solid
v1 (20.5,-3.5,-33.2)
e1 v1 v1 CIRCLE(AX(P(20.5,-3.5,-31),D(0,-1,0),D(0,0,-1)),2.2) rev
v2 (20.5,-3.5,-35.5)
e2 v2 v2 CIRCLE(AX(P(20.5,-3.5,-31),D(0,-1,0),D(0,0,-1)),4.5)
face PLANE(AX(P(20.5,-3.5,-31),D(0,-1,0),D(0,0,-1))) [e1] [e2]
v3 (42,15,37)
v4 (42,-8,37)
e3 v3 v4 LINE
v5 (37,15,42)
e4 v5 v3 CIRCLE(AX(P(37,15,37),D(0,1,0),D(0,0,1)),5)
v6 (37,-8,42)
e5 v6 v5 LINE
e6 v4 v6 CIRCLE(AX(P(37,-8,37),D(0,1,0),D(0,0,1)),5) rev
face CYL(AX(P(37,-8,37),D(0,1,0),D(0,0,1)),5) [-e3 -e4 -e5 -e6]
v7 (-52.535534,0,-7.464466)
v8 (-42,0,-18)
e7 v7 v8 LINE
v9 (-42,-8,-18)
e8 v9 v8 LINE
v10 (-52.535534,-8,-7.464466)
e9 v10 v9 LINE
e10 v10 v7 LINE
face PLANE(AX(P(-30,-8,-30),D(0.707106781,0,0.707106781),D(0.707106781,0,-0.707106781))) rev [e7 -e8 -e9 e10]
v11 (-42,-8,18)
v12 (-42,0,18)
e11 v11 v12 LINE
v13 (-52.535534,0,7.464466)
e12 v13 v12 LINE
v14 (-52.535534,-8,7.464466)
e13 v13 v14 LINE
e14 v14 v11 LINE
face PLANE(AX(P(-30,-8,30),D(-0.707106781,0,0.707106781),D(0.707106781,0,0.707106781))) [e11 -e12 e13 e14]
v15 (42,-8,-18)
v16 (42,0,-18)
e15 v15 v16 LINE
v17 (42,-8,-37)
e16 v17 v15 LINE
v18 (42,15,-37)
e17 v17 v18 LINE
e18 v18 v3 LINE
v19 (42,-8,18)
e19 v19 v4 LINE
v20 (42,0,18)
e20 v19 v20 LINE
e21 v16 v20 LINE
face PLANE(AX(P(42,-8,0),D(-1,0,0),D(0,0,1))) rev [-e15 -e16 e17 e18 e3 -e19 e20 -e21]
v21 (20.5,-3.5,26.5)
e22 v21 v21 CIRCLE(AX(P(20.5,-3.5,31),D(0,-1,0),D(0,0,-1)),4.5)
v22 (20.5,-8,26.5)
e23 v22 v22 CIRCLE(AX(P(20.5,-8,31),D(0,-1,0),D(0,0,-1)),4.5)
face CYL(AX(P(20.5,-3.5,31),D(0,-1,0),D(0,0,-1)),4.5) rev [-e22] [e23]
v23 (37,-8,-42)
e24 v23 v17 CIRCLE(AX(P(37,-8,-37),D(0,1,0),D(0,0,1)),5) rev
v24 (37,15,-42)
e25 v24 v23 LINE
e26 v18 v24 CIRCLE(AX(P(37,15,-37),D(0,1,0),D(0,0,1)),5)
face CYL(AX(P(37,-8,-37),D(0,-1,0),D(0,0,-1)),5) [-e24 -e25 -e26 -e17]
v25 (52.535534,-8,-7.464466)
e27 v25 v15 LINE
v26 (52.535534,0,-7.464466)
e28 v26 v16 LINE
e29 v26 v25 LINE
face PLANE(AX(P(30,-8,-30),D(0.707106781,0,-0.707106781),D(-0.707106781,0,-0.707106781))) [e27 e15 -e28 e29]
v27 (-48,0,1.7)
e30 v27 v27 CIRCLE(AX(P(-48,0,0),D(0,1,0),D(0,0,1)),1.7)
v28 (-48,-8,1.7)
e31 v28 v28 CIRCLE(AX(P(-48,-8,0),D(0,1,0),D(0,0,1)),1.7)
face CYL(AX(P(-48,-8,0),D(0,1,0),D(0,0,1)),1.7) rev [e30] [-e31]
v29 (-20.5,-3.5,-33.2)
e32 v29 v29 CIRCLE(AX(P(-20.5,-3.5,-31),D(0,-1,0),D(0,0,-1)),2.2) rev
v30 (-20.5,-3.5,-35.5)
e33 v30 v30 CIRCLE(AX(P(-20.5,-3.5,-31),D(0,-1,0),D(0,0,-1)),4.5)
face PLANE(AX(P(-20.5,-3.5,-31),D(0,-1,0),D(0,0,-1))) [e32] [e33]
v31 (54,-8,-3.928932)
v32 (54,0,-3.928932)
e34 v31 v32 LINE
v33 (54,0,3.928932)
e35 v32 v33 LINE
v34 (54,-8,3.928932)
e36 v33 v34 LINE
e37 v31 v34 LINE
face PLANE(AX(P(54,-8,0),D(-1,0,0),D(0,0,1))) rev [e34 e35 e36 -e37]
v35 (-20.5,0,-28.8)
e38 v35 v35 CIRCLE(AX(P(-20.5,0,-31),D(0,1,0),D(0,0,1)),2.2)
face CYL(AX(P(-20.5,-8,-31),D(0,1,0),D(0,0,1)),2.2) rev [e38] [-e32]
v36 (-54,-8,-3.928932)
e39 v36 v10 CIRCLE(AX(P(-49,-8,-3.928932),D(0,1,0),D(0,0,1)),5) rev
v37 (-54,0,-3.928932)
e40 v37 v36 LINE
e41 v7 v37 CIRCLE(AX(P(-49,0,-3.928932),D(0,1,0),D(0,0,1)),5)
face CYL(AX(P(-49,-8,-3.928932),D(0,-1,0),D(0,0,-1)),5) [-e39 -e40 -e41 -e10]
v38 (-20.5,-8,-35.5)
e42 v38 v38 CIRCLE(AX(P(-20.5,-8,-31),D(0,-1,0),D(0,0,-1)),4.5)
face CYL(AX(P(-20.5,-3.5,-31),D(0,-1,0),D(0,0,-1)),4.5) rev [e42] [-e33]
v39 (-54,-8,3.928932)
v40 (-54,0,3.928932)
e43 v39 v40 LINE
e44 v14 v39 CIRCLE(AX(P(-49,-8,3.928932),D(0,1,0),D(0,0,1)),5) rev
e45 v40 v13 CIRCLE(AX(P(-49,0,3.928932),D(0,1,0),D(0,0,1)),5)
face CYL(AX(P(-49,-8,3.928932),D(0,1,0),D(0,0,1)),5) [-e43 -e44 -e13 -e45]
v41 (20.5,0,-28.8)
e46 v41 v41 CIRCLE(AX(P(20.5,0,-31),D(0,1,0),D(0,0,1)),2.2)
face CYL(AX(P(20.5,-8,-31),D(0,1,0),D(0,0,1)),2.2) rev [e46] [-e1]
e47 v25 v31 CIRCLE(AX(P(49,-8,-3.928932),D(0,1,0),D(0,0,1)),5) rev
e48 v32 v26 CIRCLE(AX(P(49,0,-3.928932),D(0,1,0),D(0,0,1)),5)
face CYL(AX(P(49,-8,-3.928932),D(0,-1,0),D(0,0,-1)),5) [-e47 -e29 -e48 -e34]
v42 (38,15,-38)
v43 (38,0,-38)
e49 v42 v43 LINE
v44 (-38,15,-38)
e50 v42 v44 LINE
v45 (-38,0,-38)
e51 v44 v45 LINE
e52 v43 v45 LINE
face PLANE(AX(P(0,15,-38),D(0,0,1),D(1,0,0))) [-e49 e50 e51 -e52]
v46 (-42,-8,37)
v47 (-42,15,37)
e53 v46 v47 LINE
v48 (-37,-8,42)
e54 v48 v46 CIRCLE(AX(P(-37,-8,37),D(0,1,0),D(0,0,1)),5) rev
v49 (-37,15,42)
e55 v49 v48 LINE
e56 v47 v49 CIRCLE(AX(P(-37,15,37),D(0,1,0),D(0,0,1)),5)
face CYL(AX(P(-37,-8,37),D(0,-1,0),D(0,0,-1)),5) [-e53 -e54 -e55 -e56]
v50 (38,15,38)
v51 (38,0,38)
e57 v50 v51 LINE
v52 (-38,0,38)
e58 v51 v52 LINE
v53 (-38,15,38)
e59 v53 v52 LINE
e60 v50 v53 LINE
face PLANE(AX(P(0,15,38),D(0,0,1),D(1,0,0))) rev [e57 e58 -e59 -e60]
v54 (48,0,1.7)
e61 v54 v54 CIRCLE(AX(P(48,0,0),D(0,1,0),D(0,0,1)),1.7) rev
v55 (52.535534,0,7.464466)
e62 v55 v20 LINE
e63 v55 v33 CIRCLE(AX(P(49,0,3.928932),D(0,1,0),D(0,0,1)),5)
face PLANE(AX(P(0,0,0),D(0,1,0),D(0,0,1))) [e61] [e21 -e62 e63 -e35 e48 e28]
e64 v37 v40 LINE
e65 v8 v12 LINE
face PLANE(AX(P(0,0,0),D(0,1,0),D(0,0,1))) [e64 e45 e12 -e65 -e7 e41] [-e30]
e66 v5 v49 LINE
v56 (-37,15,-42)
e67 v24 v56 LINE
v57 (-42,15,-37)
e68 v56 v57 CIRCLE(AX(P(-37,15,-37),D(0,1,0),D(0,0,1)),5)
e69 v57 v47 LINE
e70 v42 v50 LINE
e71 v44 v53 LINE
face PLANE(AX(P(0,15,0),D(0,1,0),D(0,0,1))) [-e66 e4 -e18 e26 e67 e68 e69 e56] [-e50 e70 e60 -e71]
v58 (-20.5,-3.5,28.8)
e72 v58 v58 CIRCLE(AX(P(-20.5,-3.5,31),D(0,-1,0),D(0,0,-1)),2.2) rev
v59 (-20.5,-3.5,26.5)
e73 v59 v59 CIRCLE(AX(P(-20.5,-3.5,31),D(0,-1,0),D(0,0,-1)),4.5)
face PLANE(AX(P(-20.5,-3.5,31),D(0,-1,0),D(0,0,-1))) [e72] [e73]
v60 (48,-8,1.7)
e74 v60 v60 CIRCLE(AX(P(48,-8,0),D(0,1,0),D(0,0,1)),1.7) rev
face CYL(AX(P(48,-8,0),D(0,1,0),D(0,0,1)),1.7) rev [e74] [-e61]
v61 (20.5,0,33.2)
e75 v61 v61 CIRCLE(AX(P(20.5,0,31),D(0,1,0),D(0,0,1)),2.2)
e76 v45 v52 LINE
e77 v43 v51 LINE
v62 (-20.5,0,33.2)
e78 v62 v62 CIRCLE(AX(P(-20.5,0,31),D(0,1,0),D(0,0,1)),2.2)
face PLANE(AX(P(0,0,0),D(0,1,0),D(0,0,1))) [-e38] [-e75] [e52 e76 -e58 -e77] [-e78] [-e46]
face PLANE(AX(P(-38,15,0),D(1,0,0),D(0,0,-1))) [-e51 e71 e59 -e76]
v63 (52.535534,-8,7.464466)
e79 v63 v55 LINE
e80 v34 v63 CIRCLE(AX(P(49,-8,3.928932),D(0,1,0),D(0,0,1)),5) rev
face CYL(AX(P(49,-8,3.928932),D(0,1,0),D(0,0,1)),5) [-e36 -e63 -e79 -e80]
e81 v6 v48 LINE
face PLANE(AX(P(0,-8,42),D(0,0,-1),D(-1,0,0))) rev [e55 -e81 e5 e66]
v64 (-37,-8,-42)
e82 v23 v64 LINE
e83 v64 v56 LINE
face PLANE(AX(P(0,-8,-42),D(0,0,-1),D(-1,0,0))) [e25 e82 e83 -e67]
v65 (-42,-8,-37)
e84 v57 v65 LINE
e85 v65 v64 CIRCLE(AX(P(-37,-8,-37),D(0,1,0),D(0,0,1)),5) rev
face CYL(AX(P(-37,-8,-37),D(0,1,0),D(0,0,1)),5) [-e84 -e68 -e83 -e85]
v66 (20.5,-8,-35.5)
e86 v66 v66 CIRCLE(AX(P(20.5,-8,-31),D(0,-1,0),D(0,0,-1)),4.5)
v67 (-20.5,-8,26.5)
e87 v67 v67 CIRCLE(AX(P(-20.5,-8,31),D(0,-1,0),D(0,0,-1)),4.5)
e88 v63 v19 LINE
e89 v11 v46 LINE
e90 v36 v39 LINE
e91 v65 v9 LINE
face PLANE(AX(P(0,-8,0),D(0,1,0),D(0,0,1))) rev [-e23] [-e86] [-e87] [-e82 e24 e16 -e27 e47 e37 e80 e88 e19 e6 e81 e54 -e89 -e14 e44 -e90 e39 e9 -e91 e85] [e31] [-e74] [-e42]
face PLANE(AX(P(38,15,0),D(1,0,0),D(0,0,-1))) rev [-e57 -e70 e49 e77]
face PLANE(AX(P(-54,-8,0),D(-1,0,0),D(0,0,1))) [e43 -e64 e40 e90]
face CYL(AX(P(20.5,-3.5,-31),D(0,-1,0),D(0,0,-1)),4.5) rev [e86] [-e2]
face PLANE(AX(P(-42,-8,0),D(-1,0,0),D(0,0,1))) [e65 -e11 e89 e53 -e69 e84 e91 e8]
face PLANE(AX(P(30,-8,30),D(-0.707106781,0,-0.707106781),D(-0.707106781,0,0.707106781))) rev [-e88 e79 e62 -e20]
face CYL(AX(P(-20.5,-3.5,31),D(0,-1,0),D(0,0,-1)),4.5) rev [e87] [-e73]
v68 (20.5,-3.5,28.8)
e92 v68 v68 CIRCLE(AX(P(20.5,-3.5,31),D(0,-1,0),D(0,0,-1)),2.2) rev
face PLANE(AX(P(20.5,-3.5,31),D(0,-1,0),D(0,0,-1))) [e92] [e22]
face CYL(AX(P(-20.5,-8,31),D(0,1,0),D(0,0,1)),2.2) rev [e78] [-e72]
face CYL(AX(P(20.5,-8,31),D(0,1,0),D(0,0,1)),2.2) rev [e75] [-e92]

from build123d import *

# Parameters (mm, degrees)
SKETCH1_R           = 1.7
SKETCH1_R_2         = 2.2
BOSS_EXTRUDE1_DEPTH = 8
SKETCH1_3_W         = 76
SKETCH1_3_H         = 76
BOSS_EXTRUDE2_DEPTH = 15
SKETCH2_R           = 4.5
CUT_EXTRUDE1_DEPTH  = 4.5
FILLET1_R           = 5


with BuildPart() as part:
    # Sketch1 → Boss-Extrude1 (new body)
    with BuildSketch(Plane(origin=(0, 0, 0), x_dir=(1, 0, 0), z_dir=(0, 1, 0))):
        Polygon((42, 42), (-42, 42), (-42, 18), (-54, 6), (-54, -6), (-42, -18), (-42, -42), (42, -42), (42, -18), (54, -6), (54, 6), (42, 18), align=None)
        with Locations((48, 0)):
            Circle(SKETCH1_R, mode=Mode.SUBTRACT)
        with Locations((-48, 0)):
            Circle(SKETCH1_R, mode=Mode.SUBTRACT)
        with Locations((-20.5, -31)):
            Circle(SKETCH1_R_2, mode=Mode.SUBTRACT)
        with Locations((20.5, -31)):
            Circle(SKETCH1_R_2, mode=Mode.SUBTRACT)
        with Locations((-20.5, 31)):
            Circle(SKETCH1_R_2, mode=Mode.SUBTRACT)
        with Locations((20.5, 31)):
            Circle(SKETCH1_R_2, mode=Mode.SUBTRACT)
    extrude(amount=-BOSS_EXTRUDE1_DEPTH)

    # Sketch1<3> → Boss-Extrude2 (add)
    with BuildSketch(Plane(origin=(0, 0, 0), x_dir=(1, 0, 0), z_dir=(0, 1, 0))):
        Polygon((42, 42), (-42, 42), (-42, 18), (-42, 6), (-42, -6), (-42, -18), (-42, -42), (42, -42), (42, -18), (42, -6), (42, 6), (42, 18), align=None)
        Rectangle(SKETCH1_3_W, SKETCH1_3_H, mode=Mode.SUBTRACT)
    extrude(amount=BOSS_EXTRUDE2_DEPTH)

    # Sketch2 → Cut-Extrude1 (cut)
    with BuildSketch(Plane.XZ.offset(8)):
        with Locations((-20.5, 31)):
            Circle(SKETCH2_R)
        with Locations((-20.5, -31)):
            Circle(SKETCH2_R)
        with Locations((20.5, -31)):
            Circle(SKETCH2_R)
        with Locations((20.5, 31)):
            Circle(SKETCH2_R)
    extrude(amount=-CUT_EXTRUDE1_DEPTH, mode=Mode.SUBTRACT)

    # Fillet1
    fillet1_edges = [part.edges().sort_by_distance(p)[0] for p in [
        (42, 3.5, 42),
        (54, -4, 6),
        (54, -4, -6),
        (42, 3.5, -42),
        (-42, 3.5, -42),
        (-42, 3.5, 42),
        (-54, -4, 6),
        (-54, -4, -6),
    ]]
    fillet(fillet1_edges, radius=FILLET1_R)


solid = part.part
